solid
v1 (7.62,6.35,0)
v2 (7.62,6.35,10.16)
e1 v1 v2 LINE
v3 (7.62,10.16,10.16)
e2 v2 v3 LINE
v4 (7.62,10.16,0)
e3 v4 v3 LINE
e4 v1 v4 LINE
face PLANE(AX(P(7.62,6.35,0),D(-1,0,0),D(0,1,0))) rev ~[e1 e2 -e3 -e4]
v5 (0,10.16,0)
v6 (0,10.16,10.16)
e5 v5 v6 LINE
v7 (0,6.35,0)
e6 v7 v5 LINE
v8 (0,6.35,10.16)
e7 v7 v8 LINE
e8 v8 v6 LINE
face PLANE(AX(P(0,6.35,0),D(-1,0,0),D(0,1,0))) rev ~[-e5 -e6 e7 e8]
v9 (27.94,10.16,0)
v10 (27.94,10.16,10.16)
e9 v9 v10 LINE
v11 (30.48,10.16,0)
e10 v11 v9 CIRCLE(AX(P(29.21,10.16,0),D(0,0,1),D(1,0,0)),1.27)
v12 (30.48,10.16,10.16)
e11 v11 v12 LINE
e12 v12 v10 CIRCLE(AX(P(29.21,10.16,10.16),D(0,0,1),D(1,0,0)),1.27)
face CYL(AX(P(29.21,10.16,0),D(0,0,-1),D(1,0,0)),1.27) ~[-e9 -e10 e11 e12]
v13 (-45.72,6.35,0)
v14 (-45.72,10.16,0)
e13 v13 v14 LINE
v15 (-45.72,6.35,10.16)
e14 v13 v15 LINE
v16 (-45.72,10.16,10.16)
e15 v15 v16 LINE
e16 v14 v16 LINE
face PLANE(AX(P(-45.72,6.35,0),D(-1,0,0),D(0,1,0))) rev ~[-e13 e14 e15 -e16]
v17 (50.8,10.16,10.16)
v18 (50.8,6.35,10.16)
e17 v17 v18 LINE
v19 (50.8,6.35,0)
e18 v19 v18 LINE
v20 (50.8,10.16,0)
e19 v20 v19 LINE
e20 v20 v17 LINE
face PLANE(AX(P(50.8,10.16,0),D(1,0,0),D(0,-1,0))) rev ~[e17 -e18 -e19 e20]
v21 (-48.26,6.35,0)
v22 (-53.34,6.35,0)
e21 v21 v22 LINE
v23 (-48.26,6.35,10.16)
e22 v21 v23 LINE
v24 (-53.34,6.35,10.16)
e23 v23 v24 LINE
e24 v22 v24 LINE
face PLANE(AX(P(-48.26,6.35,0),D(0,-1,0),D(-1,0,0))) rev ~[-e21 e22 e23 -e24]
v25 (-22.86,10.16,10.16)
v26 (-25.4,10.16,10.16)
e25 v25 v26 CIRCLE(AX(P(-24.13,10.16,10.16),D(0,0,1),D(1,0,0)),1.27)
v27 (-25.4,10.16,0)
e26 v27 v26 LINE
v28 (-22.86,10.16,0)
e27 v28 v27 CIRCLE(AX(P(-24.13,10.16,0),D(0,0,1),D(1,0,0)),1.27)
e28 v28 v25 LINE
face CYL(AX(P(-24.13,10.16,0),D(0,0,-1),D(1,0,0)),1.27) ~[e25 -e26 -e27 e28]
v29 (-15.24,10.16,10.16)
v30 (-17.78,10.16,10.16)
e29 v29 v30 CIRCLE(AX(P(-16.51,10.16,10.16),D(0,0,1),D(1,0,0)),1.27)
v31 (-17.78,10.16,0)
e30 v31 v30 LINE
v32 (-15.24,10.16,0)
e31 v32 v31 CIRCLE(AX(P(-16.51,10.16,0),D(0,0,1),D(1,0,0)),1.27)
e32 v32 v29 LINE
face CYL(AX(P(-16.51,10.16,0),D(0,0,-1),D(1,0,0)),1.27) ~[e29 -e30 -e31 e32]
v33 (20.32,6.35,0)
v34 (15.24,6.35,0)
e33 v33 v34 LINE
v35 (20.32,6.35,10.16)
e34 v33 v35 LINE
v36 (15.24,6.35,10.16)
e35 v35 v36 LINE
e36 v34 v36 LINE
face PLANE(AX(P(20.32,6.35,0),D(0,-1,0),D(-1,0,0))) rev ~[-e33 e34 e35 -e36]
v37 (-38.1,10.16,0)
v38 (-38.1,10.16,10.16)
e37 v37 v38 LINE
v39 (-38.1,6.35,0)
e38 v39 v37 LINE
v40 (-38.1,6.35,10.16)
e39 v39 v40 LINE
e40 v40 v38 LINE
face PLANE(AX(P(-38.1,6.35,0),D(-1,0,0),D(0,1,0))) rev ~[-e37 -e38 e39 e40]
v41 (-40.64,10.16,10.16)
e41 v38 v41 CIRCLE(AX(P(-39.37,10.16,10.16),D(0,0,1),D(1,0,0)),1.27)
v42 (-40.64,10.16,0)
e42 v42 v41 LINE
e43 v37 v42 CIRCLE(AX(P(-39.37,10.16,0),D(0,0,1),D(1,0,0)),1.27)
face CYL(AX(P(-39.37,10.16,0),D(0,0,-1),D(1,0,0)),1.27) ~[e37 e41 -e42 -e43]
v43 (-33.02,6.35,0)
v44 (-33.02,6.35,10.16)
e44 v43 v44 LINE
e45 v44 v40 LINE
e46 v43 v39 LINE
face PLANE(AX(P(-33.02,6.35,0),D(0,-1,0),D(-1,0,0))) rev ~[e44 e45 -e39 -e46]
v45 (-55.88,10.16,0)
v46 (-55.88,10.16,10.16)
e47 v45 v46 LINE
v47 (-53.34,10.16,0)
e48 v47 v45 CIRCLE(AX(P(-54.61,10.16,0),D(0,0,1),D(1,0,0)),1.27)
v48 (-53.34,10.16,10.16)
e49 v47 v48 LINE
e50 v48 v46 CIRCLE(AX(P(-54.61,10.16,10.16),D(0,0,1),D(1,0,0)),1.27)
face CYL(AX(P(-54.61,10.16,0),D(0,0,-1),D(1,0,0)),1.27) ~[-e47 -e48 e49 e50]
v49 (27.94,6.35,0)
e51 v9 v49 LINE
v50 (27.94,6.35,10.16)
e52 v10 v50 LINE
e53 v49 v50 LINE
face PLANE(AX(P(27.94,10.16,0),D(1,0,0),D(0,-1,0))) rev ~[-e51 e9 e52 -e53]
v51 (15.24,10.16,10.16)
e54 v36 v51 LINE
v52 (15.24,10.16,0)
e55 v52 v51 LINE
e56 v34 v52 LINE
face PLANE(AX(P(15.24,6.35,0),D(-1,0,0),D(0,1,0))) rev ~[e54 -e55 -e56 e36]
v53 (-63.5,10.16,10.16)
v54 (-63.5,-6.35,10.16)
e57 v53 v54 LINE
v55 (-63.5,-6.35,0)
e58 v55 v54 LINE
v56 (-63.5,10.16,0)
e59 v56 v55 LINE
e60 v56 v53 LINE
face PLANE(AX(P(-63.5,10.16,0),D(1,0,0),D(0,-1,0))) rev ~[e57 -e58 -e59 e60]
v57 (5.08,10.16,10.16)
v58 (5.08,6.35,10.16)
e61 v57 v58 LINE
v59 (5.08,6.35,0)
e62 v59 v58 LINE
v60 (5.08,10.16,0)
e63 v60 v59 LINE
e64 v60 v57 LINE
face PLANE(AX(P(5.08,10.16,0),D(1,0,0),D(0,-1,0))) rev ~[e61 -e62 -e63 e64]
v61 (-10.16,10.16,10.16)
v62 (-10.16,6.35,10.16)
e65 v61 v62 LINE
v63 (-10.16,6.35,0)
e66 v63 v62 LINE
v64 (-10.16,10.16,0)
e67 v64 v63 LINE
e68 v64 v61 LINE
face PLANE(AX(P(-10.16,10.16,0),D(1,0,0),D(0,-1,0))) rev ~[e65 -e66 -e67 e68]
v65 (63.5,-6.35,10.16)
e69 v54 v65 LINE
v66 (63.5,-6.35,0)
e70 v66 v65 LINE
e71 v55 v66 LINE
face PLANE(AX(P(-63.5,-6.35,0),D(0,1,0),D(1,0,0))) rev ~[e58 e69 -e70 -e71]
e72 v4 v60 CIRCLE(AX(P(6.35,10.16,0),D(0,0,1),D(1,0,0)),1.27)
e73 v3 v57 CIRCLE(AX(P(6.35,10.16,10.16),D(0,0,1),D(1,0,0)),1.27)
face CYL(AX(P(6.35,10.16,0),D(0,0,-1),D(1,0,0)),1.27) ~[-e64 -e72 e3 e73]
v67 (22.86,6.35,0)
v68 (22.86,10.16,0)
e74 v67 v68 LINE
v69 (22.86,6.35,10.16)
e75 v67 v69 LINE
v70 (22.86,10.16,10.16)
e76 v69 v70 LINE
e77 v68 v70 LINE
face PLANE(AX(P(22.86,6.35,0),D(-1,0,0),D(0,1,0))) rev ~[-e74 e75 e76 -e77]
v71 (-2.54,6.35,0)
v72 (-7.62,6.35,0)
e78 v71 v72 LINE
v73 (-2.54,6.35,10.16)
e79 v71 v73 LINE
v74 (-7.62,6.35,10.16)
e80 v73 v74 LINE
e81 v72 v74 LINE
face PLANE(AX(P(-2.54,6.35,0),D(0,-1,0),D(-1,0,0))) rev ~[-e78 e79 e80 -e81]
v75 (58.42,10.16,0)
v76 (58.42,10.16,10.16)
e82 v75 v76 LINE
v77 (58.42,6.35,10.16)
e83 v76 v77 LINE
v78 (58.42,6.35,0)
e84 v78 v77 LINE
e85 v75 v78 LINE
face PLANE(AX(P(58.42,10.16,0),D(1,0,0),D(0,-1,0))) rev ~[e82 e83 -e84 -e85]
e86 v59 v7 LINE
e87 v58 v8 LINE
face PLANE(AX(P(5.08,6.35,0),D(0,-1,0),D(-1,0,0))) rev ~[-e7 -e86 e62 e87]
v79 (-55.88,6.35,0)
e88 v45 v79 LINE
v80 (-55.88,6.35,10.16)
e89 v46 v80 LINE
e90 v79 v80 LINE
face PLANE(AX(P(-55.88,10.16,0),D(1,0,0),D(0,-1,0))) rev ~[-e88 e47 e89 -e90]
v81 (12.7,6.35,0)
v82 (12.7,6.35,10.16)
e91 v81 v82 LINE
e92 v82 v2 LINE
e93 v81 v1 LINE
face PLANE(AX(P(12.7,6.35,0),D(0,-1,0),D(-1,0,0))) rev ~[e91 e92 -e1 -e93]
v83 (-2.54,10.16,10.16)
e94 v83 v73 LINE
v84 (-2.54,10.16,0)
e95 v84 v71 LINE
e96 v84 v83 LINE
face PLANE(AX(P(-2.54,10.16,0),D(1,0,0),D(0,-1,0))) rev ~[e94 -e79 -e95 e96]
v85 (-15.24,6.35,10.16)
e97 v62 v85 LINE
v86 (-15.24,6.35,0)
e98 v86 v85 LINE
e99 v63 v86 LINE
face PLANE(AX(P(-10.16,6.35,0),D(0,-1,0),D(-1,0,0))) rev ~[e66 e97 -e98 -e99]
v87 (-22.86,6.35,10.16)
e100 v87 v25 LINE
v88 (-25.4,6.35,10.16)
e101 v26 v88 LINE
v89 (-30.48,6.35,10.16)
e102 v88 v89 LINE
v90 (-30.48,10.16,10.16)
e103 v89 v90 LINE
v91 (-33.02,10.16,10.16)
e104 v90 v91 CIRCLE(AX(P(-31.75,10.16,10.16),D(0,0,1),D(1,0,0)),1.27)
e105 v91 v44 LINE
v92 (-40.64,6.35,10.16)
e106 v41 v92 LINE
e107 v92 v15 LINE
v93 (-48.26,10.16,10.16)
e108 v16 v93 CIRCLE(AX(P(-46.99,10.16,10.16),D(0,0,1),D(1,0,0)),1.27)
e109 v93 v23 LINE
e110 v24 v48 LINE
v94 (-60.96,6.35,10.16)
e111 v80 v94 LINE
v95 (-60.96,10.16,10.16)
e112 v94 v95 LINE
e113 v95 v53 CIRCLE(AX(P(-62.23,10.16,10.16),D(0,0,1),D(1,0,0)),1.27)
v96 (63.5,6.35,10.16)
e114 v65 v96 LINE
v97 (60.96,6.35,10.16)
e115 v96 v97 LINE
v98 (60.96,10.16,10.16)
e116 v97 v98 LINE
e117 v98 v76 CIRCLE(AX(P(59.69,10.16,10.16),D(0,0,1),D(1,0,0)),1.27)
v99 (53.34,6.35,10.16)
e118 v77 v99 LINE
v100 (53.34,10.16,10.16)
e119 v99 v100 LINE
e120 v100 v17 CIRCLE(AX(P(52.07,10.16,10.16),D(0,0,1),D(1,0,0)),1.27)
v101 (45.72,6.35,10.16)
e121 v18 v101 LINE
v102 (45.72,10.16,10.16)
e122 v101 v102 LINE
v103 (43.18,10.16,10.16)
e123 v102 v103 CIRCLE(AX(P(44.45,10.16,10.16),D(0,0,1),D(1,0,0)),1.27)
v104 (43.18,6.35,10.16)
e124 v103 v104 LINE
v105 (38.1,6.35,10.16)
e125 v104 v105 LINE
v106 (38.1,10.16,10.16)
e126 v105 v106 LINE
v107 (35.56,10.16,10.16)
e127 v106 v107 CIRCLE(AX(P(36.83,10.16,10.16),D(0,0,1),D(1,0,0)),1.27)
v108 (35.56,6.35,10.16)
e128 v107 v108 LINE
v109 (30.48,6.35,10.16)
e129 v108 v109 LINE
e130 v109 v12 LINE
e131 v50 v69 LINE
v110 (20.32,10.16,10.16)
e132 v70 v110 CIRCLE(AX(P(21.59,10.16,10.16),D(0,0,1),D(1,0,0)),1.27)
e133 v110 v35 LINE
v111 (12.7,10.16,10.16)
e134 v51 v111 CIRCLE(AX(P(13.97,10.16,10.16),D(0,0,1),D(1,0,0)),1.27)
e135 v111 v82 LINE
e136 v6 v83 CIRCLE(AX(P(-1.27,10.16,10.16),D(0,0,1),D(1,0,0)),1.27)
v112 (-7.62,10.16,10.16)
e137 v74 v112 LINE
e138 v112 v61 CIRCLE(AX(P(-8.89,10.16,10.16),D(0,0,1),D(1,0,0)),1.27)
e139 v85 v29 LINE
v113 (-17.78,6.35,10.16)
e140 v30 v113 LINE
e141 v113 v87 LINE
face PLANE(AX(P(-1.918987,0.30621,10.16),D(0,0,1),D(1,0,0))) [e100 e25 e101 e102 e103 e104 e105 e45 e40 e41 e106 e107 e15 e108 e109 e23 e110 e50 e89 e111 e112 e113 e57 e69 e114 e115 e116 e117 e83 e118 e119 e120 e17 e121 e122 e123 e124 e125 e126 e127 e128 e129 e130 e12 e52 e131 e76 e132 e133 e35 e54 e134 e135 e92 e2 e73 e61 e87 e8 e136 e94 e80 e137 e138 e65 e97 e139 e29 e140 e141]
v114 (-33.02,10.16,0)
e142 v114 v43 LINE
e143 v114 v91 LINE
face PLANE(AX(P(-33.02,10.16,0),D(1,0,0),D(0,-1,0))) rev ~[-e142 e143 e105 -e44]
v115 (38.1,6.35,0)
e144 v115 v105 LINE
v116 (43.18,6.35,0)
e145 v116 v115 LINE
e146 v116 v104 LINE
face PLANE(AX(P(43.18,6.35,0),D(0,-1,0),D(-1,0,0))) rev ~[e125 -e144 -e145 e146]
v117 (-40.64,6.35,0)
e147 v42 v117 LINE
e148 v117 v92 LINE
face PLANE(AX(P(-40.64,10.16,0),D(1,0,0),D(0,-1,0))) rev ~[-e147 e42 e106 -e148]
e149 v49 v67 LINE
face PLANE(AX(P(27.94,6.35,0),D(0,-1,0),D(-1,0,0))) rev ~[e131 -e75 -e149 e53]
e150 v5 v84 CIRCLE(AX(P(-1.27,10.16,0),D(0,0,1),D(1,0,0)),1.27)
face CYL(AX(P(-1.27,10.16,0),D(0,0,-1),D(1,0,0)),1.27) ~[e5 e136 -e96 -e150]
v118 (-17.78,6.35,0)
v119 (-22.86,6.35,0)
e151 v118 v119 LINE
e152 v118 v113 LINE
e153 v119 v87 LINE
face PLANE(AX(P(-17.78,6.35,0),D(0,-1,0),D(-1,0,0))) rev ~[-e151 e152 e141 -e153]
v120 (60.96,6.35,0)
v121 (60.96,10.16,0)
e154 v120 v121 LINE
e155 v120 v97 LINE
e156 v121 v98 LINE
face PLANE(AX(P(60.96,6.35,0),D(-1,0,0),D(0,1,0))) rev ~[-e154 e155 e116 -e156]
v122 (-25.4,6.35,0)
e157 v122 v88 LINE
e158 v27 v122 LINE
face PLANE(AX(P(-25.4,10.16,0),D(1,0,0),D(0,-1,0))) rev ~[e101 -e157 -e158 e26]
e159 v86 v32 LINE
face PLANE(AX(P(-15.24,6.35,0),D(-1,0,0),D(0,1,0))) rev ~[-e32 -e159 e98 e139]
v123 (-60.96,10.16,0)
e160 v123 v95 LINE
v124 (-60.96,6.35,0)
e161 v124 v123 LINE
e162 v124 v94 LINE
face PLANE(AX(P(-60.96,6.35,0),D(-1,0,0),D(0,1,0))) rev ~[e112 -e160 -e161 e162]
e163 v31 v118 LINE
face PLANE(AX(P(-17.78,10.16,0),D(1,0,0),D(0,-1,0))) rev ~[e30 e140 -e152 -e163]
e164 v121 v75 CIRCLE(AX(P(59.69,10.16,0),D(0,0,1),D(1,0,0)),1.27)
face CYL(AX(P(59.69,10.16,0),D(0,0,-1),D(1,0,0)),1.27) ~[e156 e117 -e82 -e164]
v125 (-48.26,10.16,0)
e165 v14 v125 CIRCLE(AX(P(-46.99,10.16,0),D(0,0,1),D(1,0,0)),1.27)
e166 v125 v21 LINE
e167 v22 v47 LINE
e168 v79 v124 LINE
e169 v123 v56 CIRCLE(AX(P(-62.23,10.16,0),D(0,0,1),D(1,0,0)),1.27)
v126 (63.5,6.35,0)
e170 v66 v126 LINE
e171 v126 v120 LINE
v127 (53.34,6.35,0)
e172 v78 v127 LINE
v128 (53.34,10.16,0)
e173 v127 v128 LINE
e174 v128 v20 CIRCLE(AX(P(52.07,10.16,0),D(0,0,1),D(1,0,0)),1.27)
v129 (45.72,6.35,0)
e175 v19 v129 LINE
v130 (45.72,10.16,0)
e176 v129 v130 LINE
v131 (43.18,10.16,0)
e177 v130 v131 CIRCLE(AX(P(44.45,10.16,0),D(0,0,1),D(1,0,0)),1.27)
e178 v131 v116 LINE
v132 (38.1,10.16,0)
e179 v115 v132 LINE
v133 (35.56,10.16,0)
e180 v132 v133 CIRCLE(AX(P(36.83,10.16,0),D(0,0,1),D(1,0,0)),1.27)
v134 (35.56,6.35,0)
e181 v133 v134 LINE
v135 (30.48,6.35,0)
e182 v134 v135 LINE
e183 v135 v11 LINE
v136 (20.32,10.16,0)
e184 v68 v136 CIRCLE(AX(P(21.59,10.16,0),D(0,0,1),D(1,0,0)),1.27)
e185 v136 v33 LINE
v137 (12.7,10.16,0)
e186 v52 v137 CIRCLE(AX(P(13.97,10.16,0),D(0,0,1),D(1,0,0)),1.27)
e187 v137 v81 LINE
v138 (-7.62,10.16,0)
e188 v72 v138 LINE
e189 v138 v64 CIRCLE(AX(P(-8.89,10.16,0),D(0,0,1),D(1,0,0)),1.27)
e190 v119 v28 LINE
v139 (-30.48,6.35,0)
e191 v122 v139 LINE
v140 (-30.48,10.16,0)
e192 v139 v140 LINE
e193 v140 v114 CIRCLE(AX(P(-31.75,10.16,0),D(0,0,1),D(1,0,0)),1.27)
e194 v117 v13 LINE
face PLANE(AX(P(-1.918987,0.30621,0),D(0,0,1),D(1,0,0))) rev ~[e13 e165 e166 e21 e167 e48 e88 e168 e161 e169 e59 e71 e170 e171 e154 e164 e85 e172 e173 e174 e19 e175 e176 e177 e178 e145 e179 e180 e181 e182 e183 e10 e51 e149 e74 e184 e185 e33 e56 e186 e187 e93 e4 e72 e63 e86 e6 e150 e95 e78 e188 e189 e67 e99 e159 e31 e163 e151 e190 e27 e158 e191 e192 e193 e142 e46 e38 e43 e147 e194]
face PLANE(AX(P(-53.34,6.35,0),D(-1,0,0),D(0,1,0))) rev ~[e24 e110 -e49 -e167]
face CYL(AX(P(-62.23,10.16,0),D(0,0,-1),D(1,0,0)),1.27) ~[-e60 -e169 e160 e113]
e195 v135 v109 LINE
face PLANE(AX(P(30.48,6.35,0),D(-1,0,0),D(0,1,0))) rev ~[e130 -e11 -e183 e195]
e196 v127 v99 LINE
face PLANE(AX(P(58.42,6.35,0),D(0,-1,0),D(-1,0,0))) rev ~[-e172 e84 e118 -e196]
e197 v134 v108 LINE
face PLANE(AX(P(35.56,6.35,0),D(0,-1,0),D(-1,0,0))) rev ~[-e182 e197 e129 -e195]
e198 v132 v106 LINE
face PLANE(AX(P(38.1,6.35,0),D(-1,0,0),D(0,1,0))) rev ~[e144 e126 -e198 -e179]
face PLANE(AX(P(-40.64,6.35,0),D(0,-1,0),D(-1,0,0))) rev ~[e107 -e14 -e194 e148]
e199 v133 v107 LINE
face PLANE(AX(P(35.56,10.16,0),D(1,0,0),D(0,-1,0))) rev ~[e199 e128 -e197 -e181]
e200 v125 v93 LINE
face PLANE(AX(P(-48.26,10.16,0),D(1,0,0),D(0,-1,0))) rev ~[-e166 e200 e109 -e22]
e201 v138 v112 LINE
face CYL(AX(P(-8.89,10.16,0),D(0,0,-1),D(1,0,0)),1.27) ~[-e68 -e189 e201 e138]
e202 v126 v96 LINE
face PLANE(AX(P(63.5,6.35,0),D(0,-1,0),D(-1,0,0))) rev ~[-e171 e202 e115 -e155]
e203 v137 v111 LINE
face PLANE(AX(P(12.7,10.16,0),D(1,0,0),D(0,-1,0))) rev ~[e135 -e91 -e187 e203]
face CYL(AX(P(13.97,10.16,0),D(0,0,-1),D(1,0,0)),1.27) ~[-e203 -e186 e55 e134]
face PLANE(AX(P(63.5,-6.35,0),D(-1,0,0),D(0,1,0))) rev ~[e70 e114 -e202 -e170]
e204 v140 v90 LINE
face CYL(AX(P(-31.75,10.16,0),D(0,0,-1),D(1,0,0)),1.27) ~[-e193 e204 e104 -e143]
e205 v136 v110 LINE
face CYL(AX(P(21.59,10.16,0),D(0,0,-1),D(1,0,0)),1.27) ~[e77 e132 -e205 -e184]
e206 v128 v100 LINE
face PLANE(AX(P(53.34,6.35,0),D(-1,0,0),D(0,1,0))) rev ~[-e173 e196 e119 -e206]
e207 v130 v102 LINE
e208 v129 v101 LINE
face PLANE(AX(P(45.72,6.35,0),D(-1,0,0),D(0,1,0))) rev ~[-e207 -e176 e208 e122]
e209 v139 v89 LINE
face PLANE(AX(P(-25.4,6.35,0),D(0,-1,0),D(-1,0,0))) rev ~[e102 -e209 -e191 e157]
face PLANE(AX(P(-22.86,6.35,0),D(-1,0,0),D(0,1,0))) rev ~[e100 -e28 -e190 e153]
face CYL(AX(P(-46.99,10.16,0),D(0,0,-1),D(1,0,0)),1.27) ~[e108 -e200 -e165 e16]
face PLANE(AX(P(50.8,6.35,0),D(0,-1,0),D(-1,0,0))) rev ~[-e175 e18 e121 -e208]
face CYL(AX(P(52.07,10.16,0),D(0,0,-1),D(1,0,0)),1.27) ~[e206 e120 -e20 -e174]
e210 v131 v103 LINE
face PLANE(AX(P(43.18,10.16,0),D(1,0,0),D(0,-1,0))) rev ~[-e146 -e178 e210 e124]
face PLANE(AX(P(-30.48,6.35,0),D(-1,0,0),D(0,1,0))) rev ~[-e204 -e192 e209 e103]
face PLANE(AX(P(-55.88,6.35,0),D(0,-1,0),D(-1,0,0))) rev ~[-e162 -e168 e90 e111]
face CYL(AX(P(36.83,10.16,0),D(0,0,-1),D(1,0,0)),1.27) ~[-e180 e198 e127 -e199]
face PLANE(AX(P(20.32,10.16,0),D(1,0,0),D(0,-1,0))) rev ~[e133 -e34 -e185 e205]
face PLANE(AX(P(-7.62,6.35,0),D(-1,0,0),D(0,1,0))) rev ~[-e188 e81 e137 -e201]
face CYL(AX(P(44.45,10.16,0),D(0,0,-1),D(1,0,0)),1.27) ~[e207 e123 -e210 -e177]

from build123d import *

# Parameters (mm, degrees)
F1_DEPTH = 10.16


with BuildPart() as f1:
    # F0 (on Top) → F1 (new body)
    with BuildSketch(Plane.XY):
        with BuildLine():
            Line((-63.5, 6.35), (-63.5, -6.35))
            Line((-63.5, -6.35), (63.5, -6.35))
            Line((63.5, -6.35), (63.5, 6.35))
            Line((63.5, 6.35), (60.96, 6.35))
            Line((60.96, 6.35), (58.42, 6.35))
            Line((58.42, 6.35), (53.34, 6.35))
            Line((53.34, 6.35), (50.8, 6.35))
            Line((50.8, 6.35), (45.72, 6.35))
            Line((45.72, 6.35), (43.18, 6.35))
            Line((43.18, 6.35), (38.1, 6.35))
            Line((38.1, 6.35), (35.56, 6.35))
            Line((35.56, 6.35), (30.48, 6.35))
            Line((30.48, 6.35), (27.94, 6.35))
            Line((27.94, 6.35), (22.86, 6.35))
            Line((22.86, 6.35), (20.32, 6.35))
            Line((20.32, 6.35), (15.24, 6.35))
            Line((15.24, 6.35), (12.7, 6.35))
            Line((12.7, 6.35), (7.62, 6.35))
            Line((7.62, 6.35), (5.08, 6.35))
            Line((5.08, 6.35), (0, 6.35))
            Line((0, 6.35), (-2.54, 6.35))
            Line((-2.54, 6.35), (-7.62, 6.35))
            Line((-7.62, 6.35), (-10.16, 6.35))
            Line((-10.16, 6.35), (-15.24, 6.35))
            Line((-15.24, 6.35), (-17.78, 6.35))
            Line((-17.78, 6.35), (-22.86, 6.35))
            Line((-22.86, 6.35), (-25.4, 6.35))
            Line((-25.4, 6.35), (-30.48, 6.35))
            Line((-30.48, 6.35), (-33.02, 6.35))
            Line((-33.02, 6.35), (-38.1, 6.35))
            Line((-38.1, 6.35), (-40.64, 6.35))
            Line((-40.64, 6.35), (-45.72, 6.35))
            Line((-45.72, 6.35), (-48.26, 6.35))
            Line((-48.26, 6.35), (-53.34, 6.35))
            Line((-53.34, 6.35), (-55.88, 6.35))
            Line((-55.88, 6.35), (-60.96, 6.35))
            Line((-60.96, 6.35), (-60.96, 10.16))
            ThreePointArc((-60.96, 10.16), (-62.23, 11.43), (-63.5, 10.16))
            Line((-63.5, 10.16), (-63.5, 6.35))
        make_face()
        with BuildLine():
            Line((58.42, 6.35), (60.96, 6.35))
            Line((60.96, 6.35), (60.96, 10.16))
            ThreePointArc((60.96, 10.16), (59.69, 11.43), (58.42, 10.16))
            Line((58.42, 10.16), (58.42, 6.35))
        make_face()
        with BuildLine():
            Line((-55.88, 10.16), (-55.88, 6.35))
            Line((-55.88, 6.35), (-53.34, 6.35))
            Line((-53.34, 6.35), (-53.34, 10.16))
            ThreePointArc((-53.34, 10.16), (-54.61, 11.43), (-55.88, 10.16))
        make_face()
        with BuildLine():
            Line((50.8, 6.35), (53.34, 6.35))
            Line((53.34, 6.35), (53.34, 10.16))
            ThreePointArc((53.34, 10.16), (52.07, 11.43), (50.8, 10.16))
            Line((50.8, 10.16), (50.8, 6.35))
        make_face()
        with BuildLine():
            Line((-48.26, 10.16), (-48.26, 6.35))
            Line((-48.26, 6.35), (-45.72, 6.35))
            Line((-45.72, 6.35), (-45.72, 10.16))
            ThreePointArc((-45.72, 10.16), (-46.99, 11.43), (-48.26, 10.16))
        make_face()
        with BuildLine():
            Line((43.18, 6.35), (45.72, 6.35))
            Line((45.72, 6.35), (45.72, 10.16))
            ThreePointArc((45.72, 10.16), (44.45, 11.43), (43.18, 10.16))
            Line((43.18, 10.16), (43.18, 6.35))
        make_face()
        with BuildLine():
            Line((-40.64, 10.16), (-40.64, 6.35))
            Line((-40.64, 6.35), (-38.1, 6.35))
            Line((-38.1, 6.35), (-38.1, 10.16))
            ThreePointArc((-38.1, 10.16), (-39.37, 11.43), (-40.64, 10.16))
        make_face()
        with BuildLine():
            Line((35.56, 6.35), (38.1, 6.35))
            Line((38.1, 6.35), (38.1, 10.16))
            ThreePointArc((38.1, 10.16), (36.83, 11.43), (35.56, 10.16))
            Line((35.56, 10.16), (35.56, 6.35))
        make_face()
        with BuildLine():
            Line((-33.02, 10.16), (-33.02, 6.35))
            Line((-33.02, 6.35), (-30.48, 6.35))
            Line((-30.48, 6.35), (-30.48, 10.16))
            ThreePointArc((-30.48, 10.16), (-31.75, 11.43), (-33.02, 10.16))
        make_face()
        with BuildLine():
            Line((27.94, 6.35), (30.48, 6.35))
            Line((30.48, 6.35), (30.48, 10.16))
            ThreePointArc((30.48, 10.16), (29.21, 11.43), (27.94, 10.16))
            Line((27.94, 10.16), (27.94, 6.35))
        make_face()
        with BuildLine():
            Line((-25.4, 10.16), (-25.4, 6.35))
            Line((-25.4, 6.35), (-22.86, 6.35))
            Line((-22.86, 6.35), (-22.86, 10.16))
            ThreePointArc((-22.86, 10.16), (-24.13, 11.43), (-25.4, 10.16))
        make_face()
        with BuildLine():
            Line((20.32, 6.35), (22.86, 6.35))
            Line((22.86, 6.35), (22.86, 10.16))
            ThreePointArc((22.86, 10.16), (21.59, 11.43), (20.32, 10.16))
            Line((20.32, 10.16), (20.32, 6.35))
        make_face()
        with BuildLine():
            Line((-17.78, 10.16), (-17.78, 6.35))
            Line((-17.78, 6.35), (-15.24, 6.35))
            Line((-15.24, 6.35), (-15.24, 10.16))
            ThreePointArc((-15.24, 10.16), (-16.51, 11.43), (-17.78, 10.16))
        make_face()
        with BuildLine():
            Line((12.7, 6.35), (15.24, 6.35))
            Line((15.24, 6.35), (15.24, 10.16))
            ThreePointArc((15.24, 10.16), (13.97, 11.43), (12.7, 10.16))
            Line((12.7, 10.16), (12.7, 6.35))
        make_face()
        with BuildLine():
            Line((-10.16, 10.16), (-10.16, 6.35))
            Line((-10.16, 6.35), (-7.62, 6.35))
            Line((-7.62, 6.35), (-7.62, 10.16))
            ThreePointArc((-7.62, 10.16), (-8.89, 11.43), (-10.16, 10.16))
        make_face()
        with BuildLine():
            Line((5.08, 6.35), (7.62, 6.35))
            Line((7.62, 6.35), (7.62, 10.16))
            ThreePointArc((7.62, 10.16), (6.35, 11.43), (5.08, 10.16))
            Line((5.08, 10.16), (5.08, 6.35))
        make_face()
        with BuildLine():
            Line((-2.54, 10.16), (-2.54, 6.35))
            Line((-2.54, 6.35), (0, 6.35))
            Line((0, 6.35), (0, 10.16))
            ThreePointArc((0, 10.16), (-1.27, 11.43), (-2.54, 10.16))
        make_face()
    extrude(amount=F1_DEPTH)


solid = f1.part
